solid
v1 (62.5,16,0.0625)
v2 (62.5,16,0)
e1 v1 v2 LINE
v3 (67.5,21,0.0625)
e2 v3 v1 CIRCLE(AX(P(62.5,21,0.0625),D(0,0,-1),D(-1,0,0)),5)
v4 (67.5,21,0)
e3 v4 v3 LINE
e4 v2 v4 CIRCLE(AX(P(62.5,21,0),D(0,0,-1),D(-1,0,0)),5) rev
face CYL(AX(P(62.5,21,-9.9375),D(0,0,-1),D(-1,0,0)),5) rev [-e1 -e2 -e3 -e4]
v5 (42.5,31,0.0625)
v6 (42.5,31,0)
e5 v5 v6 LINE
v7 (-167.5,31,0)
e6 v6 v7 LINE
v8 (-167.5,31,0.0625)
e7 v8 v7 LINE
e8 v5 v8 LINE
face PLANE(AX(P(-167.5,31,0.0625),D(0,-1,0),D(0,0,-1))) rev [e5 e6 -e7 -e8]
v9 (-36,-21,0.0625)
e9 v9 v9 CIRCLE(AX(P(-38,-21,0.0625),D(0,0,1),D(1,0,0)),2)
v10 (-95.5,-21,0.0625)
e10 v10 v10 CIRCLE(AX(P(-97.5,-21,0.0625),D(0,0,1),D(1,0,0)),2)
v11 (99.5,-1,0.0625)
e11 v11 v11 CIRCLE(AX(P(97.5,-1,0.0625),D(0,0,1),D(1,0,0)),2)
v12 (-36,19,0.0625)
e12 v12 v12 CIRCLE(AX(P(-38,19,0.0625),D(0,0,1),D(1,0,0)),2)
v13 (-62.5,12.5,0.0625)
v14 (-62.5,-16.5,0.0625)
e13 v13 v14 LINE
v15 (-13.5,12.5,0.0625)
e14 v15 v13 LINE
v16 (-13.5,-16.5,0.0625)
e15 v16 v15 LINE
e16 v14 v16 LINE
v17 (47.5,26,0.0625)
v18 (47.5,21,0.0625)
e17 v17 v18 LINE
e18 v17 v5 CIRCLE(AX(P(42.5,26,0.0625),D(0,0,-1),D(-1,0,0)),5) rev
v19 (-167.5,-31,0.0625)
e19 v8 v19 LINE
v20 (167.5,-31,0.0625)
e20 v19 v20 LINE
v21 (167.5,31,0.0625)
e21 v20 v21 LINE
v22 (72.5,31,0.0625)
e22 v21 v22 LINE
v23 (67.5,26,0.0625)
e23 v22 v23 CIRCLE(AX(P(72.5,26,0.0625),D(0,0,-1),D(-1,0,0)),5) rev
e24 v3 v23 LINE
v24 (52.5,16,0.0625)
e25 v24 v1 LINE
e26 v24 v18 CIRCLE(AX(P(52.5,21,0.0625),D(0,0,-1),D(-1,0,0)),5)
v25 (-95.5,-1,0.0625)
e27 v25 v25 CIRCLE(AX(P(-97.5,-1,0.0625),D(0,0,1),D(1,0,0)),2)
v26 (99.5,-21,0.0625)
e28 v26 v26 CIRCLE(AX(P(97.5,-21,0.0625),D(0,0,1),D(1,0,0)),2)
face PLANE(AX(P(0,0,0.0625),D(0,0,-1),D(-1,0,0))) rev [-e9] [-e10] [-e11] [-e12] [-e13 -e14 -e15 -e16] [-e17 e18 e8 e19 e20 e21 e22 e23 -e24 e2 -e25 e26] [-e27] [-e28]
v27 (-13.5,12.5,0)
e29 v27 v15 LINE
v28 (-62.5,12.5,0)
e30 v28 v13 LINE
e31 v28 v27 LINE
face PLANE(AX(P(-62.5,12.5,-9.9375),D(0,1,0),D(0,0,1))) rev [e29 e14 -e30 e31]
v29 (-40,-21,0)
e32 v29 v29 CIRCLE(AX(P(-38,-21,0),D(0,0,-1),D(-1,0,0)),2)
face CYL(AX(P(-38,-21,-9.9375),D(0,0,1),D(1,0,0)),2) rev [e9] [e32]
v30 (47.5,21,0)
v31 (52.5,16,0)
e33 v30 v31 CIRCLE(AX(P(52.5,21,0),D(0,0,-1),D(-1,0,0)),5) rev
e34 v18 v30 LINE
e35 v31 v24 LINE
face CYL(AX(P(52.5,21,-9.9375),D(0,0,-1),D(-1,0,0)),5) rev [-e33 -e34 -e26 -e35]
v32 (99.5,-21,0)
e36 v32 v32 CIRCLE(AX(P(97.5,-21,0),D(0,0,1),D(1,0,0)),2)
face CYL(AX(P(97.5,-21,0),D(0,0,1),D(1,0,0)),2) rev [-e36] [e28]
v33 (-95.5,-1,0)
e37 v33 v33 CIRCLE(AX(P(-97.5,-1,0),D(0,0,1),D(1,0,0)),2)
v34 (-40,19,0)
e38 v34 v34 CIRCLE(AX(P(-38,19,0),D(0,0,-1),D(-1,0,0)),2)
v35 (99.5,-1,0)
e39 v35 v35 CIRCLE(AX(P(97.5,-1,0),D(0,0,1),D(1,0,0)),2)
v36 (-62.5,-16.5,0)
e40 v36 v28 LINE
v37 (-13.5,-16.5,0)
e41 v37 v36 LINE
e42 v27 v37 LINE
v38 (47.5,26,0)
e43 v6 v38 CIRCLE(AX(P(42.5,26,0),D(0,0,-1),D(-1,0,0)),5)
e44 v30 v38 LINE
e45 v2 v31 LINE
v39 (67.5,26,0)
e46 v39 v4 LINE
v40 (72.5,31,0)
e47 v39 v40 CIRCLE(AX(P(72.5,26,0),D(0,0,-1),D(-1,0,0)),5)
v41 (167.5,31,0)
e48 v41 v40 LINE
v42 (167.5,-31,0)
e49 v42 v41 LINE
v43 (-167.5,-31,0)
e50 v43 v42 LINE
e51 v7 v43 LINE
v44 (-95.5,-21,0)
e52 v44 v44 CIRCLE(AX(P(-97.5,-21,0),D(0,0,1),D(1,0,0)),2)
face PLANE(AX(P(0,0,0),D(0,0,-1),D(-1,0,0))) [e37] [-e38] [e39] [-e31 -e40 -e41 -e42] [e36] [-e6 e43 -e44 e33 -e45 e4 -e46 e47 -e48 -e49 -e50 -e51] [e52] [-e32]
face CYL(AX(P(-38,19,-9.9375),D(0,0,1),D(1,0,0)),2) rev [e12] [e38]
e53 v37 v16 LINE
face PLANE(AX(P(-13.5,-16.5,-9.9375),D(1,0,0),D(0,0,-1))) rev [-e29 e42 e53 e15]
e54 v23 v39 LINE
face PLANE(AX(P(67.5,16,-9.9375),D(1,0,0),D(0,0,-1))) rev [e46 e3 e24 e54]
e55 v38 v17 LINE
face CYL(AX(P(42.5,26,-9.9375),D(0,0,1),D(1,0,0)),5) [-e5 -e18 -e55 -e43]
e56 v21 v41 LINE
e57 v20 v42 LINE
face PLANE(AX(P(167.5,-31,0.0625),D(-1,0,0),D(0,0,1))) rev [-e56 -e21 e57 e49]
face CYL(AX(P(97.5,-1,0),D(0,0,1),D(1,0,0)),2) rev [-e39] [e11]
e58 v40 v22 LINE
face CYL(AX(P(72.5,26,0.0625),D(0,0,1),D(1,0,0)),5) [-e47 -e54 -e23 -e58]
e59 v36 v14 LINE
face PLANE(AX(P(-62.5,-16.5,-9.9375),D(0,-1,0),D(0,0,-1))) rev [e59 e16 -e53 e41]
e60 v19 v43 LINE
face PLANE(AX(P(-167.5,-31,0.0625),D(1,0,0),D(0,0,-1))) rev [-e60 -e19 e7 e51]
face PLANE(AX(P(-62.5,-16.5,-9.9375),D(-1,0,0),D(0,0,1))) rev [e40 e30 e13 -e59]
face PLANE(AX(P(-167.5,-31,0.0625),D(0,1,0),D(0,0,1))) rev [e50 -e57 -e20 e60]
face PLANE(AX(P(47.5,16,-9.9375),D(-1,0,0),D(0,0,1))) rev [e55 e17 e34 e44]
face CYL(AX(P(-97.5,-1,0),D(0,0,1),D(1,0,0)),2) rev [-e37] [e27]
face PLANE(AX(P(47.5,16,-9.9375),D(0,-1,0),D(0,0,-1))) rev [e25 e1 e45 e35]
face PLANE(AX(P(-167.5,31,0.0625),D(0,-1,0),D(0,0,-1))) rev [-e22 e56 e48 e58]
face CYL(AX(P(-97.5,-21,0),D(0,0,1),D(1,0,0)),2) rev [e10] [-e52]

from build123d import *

# Parameters (mm, degrees)
SKETCH1_W            = 335
SKETCH1_H            = 62
BODY_DEPTH           = 0.0625
SKETCH3_R            = 2
MOUNTING_HOLES_DEPTH = 0.0625
SKETCH4_R            = 2
SKETCH4_W            = 49
SKETCH4_H            = 29
SKETCH4_W_2          = 20
SKETCH4_H_2          = 15
CUT_EXTRUDE1_DEPTH   = 10
FILLET1_R            = 5


with BuildPart() as part:
    # Sketch1 → Body (new body)
    with BuildSketch(Plane.XY):
        Rectangle(SKETCH1_W, SKETCH1_H)
    extrude(amount=BODY_DEPTH)

    # Sketch3 → Mounting Holes (cut)
    with BuildSketch(Plane.XY.offset(0.0625)):
        with Locations((-97.5, -1)):
            Circle(SKETCH3_R)
        with Locations((-97.5, -21)):
            Circle(SKETCH3_R)
        with Locations((97.5, -1)):
            Circle(SKETCH3_R)
        with Locations((97.5, -21)):
            Circle(SKETCH3_R)
    extrude(amount=-MOUNTING_HOLES_DEPTH, mode=Mode.SUBTRACT)

    # Sketch4 → Cut-Extrude1 (cut)
    with BuildSketch(Plane.XY.offset(0.0625)):
        with Locations((-38, 19)):
            Circle(SKETCH4_R)
        with Locations((-38, -21)):
            Circle(SKETCH4_R)
        with Locations((-38, -2)):
            Rectangle(SKETCH4_W, SKETCH4_H)
        with Locations((57.5, 23.5)):
            Rectangle(SKETCH4_W_2, SKETCH4_H_2)
    extrude(amount=-CUT_EXTRUDE1_DEPTH, mode=Mode.SUBTRACT)

    # Fillet1
    fillet1_edges = [part.edges().sort_by_distance(p)[0] for p in [
        (47.5, 16, 0.03125),
        (47.5, 31, 0.03125),
        (67.5, 31, 0.03125),
        (67.5, 16, 0.03125),
    ]]
    fillet(fillet1_edges, radius=FILLET1_R)


solid = part.part
